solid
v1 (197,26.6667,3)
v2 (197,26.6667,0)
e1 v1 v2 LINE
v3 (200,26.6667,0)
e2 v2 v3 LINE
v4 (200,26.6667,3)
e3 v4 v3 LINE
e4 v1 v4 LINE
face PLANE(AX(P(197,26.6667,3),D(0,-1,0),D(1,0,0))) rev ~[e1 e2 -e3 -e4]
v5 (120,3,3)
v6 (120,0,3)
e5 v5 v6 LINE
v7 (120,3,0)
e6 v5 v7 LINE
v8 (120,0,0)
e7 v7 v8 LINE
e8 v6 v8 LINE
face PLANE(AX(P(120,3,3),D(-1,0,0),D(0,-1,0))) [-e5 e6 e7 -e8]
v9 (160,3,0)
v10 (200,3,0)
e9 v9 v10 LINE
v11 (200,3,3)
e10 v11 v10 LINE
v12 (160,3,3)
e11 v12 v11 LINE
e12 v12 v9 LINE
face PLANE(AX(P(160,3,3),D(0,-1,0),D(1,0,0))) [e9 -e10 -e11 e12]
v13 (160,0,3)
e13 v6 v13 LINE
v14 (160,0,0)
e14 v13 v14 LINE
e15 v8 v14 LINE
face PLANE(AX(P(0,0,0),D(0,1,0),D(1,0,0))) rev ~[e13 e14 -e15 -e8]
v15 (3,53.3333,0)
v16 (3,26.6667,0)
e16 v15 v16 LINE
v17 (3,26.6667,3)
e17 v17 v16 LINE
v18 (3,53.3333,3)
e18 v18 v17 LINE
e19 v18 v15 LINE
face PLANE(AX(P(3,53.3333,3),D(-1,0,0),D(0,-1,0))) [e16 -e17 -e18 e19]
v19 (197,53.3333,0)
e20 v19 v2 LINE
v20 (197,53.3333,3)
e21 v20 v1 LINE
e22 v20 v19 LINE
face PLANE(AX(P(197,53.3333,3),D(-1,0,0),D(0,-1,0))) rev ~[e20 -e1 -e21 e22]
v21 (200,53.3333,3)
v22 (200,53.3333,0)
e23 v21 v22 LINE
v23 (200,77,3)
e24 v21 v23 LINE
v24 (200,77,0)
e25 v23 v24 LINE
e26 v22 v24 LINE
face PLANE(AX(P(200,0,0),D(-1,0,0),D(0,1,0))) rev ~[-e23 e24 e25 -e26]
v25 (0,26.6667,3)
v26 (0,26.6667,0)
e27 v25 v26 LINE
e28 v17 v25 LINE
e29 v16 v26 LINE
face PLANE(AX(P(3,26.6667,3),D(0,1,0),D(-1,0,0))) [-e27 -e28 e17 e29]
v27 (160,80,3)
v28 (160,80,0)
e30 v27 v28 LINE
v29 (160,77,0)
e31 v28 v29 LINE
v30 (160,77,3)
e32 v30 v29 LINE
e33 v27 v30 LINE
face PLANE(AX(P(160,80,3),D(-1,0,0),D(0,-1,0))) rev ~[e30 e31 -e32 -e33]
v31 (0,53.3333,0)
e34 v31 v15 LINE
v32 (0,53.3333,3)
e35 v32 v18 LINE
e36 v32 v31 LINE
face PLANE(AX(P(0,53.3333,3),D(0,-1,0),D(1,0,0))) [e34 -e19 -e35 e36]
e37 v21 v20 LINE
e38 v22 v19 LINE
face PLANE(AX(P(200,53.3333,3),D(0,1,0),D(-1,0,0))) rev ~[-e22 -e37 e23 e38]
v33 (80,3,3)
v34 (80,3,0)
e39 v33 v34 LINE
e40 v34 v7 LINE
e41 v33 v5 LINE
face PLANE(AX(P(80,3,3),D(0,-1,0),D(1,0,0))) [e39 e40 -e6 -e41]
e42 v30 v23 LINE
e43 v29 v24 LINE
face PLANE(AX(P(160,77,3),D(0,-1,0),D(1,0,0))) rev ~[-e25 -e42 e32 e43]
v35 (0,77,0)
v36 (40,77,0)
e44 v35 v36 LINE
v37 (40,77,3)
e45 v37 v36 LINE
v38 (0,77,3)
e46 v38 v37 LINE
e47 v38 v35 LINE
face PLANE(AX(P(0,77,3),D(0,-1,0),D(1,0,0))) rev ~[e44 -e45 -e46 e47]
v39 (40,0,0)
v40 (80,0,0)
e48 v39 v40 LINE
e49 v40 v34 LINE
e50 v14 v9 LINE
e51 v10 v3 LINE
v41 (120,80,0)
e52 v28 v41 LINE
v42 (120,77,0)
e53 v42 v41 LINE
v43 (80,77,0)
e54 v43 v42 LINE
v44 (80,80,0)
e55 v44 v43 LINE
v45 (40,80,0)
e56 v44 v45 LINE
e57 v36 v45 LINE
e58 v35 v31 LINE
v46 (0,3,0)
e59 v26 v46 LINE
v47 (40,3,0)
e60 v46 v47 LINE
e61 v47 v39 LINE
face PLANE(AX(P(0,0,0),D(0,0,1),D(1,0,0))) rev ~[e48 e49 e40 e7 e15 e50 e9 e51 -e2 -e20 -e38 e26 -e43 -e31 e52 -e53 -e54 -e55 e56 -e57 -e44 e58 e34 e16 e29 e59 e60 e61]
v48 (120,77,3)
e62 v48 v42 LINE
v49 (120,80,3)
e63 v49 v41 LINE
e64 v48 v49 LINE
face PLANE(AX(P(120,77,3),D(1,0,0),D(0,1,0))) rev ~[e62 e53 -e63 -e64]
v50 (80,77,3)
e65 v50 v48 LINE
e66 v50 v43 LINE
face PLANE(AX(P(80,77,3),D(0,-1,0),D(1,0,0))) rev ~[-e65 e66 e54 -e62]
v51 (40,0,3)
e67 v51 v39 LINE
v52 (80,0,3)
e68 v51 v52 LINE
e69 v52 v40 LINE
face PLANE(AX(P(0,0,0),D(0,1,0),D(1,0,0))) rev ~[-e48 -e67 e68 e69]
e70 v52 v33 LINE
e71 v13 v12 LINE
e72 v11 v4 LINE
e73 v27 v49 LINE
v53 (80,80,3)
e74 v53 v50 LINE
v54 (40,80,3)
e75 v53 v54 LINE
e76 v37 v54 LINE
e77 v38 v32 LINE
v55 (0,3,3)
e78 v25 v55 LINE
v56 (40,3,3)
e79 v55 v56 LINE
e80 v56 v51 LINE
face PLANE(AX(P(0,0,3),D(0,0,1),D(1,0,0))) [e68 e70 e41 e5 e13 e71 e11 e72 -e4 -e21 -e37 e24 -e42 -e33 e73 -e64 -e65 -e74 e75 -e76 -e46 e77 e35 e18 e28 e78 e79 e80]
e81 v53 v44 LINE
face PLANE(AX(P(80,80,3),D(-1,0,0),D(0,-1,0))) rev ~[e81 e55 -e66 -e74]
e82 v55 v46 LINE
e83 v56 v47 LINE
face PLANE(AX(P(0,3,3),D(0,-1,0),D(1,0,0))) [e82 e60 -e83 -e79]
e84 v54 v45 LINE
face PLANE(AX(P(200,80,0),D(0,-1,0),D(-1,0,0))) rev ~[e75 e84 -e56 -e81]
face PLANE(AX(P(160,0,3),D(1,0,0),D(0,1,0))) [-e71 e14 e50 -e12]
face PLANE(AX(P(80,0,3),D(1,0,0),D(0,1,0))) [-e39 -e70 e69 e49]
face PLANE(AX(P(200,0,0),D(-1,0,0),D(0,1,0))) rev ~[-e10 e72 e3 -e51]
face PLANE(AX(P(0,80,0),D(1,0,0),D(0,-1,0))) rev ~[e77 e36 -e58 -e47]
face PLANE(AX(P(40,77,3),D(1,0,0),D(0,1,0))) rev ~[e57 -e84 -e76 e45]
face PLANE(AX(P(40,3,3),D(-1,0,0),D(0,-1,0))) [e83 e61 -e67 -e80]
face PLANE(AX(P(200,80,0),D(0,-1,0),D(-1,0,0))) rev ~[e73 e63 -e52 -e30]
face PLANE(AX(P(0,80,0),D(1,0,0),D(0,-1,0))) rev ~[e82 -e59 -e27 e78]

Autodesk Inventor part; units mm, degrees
ref_plane "YZ Plane" through (0, 0, 0) normal (1, 0, 0) x (0, 1, 0)
ref_plane "XZ Plane" through (0, 0, 0) normal (0, 1, 0) x (-1, 0, 0)
ref_plane "XY Plane" through (0, 0, 0) normal (0, 0, 1) x (1, 0, 0)
sketch "Sketch1" plane through (0, 0, 0) normal (0, 0, 1) x (1, 0, 0)
  line L0 (0, 0) -> (200, 0)
  line L1 (200, 0) -> (200, 80)
  line L2 (200, 80) -> (0, 80)
  line L3 (0, 80) -> (0, 0)
  dimension "d0" = 200
  dimension "d1" = 80
extrude "Extrusion1" add sketch "Sketch1" along normal blind 3
sketch "Sketch2" plane through (0, 0, 3) normal (0, 0, 1) x (1, 0, 0)
  line L0 (0, 0) -> (0, 3)
  line L1 (0, 3) -> (40, 3)
  line L2 (40, 3) -> (40, 0)
  line L3 (0, 0) -> (200, 0) projected
  line L4 (40, 0) -> (80, 0)
  line L5 (80, 0) -> (80, 3)
  line L6 (80, 3) -> (120, 3)
  line L7 (120, 3) -> (120, 0)
  line L8 (120, 0) -> (160, 0)
  line L9 (160, 0) -> (160, 3)
  line L10 (160, 3) -> (200, 3)
  line L11 (0, 80) -> (0, 0) projected
  line L12 (0, 80) -> (0, 77)
  line L13 (0, 77) -> (40, 77)
  line L14 (40, 77) -> (40, 80)
  line L15 (0, 80) -> (200, 80)
  line L16 (40, 80) -> (80, 80)
  line L17 (80, 80) -> (80, 77)
  line L18 (80, 77) -> (120, 77)
  line L19 (120, 77) -> (120, 80)
  line L20 (120, 80) -> (160, 80)
  line L21 (160, 80) -> (160, 77)
  line L22 (160, 77) -> (200, 77)
  line L23 (200, 80) -> (0, 80) projected
  line L24 (0, 80) -> (0, 53.3333)
  line L25 (0, 53.3333) -> (3, 53.3333)
  line L26 (3, 53.3333) -> (3, 26.6667)
  line L27 (3, 26.6667) -> (0, 26.6667)
  line L28 (200, 53.3333) -> (197, 53.3333)
  line L29 (197, 53.3333) -> (197, 26.6667)
  line L30 (197, 26.6667) -> (200, 26.6667)
  line L31 (160, 77) -> (160, 80)
  line L32 (200, 77) -> (200, 80)
  line L33 (200, 3) -> (200, 0)
  line L34 (200, 26.6667) -> (200, 53.3333)
  dimension "d4" = 3
  dimension "d5" = 40
  dimension "d6" = 40
  dimension "d7" = 40
  dimension "d8" = 40
  dimension "d9" = 26.6667
  dimension "d10" = 3
  dimension "d11" = 26.6667
extrude "Extrusion2" cut sketch "Sketch2" against normal blind 3
properties part number "TAPA 2"
